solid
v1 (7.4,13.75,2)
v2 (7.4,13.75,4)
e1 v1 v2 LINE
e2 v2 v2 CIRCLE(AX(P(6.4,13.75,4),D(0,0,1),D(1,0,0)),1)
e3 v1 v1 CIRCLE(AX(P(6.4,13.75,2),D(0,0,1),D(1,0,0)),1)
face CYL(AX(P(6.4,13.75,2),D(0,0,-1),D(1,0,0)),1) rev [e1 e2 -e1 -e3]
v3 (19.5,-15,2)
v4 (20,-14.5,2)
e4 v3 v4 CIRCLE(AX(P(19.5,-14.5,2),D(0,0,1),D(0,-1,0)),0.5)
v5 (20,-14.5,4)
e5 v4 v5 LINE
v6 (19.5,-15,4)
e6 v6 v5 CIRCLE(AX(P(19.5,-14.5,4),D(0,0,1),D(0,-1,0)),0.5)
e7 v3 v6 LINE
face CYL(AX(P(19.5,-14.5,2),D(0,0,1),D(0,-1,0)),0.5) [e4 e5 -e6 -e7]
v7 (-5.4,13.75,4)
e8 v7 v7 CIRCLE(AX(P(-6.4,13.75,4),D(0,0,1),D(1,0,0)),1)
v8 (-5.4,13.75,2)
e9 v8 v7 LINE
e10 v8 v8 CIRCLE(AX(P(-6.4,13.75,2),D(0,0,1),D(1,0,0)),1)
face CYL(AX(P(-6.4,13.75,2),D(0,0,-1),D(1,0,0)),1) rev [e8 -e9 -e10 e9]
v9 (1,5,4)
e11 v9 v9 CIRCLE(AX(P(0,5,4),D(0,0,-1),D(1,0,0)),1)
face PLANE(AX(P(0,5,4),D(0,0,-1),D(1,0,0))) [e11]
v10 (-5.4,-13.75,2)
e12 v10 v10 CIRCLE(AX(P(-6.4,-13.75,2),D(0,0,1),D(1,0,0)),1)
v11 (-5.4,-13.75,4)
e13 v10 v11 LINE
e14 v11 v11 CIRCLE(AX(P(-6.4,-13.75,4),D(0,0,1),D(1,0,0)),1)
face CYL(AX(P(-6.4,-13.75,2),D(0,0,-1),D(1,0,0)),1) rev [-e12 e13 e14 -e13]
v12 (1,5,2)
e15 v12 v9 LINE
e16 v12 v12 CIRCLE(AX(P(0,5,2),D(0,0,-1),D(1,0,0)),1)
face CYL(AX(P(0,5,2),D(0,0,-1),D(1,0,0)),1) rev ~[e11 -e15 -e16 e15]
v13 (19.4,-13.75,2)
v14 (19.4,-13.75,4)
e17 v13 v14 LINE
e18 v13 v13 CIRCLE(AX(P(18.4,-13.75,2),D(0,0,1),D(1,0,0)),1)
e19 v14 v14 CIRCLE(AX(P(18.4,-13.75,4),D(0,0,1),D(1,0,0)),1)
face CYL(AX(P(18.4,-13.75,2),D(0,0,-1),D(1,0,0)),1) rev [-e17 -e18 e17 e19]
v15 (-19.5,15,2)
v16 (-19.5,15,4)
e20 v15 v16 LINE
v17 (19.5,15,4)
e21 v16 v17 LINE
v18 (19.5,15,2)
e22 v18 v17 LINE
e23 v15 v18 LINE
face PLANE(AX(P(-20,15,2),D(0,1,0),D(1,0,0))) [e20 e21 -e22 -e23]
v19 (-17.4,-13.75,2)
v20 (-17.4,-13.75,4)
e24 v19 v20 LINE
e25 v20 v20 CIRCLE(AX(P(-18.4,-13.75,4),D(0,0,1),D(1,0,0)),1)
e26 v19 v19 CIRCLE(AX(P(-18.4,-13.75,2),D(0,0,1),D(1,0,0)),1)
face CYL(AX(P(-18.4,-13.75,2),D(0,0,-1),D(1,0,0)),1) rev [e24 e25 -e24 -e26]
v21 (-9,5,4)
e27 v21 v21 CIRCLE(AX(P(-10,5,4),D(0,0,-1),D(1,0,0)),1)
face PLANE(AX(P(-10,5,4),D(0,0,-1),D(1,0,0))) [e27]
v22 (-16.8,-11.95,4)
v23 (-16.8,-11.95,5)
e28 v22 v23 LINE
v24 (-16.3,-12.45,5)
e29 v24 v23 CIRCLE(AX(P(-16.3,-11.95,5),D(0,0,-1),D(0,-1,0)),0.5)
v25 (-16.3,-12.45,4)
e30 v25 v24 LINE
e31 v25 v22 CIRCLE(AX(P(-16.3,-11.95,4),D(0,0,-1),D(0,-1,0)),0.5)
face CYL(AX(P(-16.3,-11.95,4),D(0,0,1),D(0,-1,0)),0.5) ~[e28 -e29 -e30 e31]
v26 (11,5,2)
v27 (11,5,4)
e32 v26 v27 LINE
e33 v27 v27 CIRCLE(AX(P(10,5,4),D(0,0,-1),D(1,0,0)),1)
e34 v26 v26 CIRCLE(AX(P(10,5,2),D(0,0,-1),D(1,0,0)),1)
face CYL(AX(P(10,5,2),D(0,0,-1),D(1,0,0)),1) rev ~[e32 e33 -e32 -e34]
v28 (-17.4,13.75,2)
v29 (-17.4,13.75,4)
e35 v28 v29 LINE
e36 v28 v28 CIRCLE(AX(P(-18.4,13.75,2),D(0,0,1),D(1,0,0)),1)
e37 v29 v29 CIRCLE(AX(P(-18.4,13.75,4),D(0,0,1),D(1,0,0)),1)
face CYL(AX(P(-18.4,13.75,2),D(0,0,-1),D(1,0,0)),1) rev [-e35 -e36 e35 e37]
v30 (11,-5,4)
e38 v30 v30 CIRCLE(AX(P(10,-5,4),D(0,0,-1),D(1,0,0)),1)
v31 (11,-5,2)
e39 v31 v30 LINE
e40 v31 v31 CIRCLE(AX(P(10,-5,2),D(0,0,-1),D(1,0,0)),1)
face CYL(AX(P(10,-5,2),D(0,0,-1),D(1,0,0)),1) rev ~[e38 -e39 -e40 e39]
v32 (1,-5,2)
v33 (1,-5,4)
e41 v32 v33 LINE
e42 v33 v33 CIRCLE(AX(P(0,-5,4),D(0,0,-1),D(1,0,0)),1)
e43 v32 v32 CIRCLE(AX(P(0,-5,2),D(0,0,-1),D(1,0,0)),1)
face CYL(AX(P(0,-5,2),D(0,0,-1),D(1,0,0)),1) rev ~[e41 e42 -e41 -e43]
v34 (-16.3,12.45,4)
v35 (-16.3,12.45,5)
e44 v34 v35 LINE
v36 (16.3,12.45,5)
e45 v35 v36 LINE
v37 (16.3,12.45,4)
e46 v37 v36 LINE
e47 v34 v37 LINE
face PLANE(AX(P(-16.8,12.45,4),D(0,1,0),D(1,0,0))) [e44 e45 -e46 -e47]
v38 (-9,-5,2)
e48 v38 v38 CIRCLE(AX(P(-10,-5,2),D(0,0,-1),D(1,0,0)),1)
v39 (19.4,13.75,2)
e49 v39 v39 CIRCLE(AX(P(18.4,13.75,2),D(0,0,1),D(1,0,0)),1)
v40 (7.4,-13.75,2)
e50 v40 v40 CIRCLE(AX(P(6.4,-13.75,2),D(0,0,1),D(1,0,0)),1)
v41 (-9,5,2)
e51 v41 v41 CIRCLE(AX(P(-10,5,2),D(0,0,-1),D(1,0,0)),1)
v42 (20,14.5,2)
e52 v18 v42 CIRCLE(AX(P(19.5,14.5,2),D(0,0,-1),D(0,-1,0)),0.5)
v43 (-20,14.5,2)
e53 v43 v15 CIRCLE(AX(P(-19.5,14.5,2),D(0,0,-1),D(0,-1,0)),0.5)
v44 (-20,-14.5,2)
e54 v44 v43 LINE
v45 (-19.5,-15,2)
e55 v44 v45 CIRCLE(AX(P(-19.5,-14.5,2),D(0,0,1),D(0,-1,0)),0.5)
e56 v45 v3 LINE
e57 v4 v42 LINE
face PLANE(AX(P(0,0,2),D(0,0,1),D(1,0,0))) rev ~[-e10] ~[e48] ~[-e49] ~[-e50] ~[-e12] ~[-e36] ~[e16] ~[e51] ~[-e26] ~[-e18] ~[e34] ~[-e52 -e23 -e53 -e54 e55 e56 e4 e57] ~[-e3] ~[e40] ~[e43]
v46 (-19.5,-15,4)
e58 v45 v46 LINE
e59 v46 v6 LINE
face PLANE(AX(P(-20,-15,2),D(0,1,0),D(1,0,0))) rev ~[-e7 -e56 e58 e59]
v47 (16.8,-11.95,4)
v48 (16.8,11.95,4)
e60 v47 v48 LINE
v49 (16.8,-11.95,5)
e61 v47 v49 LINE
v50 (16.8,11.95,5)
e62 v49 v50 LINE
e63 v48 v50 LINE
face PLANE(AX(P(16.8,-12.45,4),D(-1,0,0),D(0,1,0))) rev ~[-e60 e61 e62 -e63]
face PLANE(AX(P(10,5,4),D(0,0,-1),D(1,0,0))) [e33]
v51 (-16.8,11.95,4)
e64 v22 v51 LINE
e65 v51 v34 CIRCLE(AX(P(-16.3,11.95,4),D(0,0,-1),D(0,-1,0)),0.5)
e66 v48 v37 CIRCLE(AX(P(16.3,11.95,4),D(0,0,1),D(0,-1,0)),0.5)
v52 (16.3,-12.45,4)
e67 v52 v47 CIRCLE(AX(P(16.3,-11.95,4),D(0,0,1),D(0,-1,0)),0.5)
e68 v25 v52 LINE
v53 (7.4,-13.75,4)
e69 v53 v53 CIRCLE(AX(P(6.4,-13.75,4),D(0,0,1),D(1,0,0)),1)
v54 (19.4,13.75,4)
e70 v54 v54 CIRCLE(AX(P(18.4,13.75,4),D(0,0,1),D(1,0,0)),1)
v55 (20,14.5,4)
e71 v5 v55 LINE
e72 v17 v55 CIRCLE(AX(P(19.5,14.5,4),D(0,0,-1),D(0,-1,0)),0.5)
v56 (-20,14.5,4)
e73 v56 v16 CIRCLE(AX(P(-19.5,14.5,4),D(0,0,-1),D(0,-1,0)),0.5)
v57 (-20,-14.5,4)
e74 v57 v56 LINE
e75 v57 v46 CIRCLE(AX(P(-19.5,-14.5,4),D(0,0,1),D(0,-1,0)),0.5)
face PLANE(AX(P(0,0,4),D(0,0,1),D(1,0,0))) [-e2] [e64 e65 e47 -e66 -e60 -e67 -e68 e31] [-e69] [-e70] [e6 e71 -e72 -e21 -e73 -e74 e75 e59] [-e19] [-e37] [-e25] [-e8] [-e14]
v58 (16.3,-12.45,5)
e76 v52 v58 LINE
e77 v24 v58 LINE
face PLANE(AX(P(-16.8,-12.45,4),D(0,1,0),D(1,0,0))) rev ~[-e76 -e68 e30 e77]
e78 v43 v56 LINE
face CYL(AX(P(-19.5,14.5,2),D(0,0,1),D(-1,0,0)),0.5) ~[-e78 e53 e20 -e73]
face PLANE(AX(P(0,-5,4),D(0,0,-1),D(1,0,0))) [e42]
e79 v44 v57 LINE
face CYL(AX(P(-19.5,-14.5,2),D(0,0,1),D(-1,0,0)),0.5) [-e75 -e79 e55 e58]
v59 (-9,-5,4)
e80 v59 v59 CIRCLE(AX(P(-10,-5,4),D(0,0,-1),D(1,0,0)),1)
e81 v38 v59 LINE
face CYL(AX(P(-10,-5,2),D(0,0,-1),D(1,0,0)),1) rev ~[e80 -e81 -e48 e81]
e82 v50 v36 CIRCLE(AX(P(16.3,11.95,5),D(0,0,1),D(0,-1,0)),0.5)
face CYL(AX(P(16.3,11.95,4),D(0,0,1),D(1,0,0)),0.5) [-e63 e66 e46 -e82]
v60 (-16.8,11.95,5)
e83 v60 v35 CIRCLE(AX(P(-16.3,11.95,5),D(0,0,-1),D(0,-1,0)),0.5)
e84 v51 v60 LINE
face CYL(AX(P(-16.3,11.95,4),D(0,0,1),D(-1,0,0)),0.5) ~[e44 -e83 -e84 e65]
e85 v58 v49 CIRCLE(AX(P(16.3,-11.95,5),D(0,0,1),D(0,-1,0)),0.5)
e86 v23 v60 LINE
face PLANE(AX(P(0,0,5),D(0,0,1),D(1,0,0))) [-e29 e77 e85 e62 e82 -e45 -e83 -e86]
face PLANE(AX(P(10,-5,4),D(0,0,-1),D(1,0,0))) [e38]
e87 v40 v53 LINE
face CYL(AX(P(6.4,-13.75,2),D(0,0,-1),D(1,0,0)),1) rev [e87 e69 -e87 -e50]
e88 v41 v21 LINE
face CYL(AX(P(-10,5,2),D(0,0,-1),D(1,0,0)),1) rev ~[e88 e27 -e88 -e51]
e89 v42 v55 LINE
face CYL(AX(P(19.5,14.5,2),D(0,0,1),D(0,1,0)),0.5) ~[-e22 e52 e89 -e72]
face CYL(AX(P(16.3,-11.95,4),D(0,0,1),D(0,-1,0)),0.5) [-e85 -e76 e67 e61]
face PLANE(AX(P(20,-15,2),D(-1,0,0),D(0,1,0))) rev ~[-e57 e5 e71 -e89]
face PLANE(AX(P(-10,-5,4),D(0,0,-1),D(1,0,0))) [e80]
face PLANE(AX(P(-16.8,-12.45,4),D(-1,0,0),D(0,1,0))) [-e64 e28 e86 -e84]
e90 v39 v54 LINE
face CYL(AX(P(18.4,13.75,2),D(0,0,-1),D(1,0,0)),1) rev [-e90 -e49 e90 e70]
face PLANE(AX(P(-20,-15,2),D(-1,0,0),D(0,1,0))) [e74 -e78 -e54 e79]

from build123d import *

# Parameters (mm, degrees)
SKETCH_W        = 40
SKETCH_H        = 30
PAD_DEPTH       = 2
SKETCH001_W     = 33.6
SKETCH001_H     = 24.9
PAD001_DEPTH    = 1
SKETCH002_R     = 1
POCKET_DEPTH    = 2
FILLET_R        = 0.5
SKETCH003_R     = 1
POCKET001_DEPTH = 2


with BuildPart() as part:
    # Sketch → Pad (new body)
    with BuildSketch(Plane.XY.offset(2)):
        Rectangle(SKETCH_W, SKETCH_H)
    extrude(amount=PAD_DEPTH)

    # Sketch001 (on Face6 of Pad) → Pad001 (join)
    with BuildSketch(Plane.XY.offset(4)):
        Rectangle(SKETCH001_W, SKETCH001_H)
    extrude(amount=PAD001_DEPTH)

    # Sketch002 → Pocket (cut)
    with BuildSketch(Plane.XY.offset(2)):
        with Locations((-18.4, 13.75)):
            Circle(SKETCH002_R)
        with Locations((-6.4, 13.75)):
            Circle(SKETCH002_R)
        with Locations((6.4, 13.75)):
            Circle(SKETCH002_R)
        with Locations((18.4, 13.75)):
            Circle(SKETCH002_R)
        with Locations((18.4, -13.75)):
            Circle(SKETCH002_R)
        with Locations((6.4, -13.75)):
            Circle(SKETCH002_R)
        with Locations((-6.4, -13.75)):
            Circle(SKETCH002_R)
        with Locations((-18.4, -13.75)):
            Circle(SKETCH002_R)
    extrude(amount=POCKET_DEPTH, mode=Mode.SUBTRACT)

    # Fillet
    fillet_edges = [part.edges().sort_by_distance(p)[0] for p in [
        (20, 15, 3),
        (16.8, 12.45, 4.5),
        (20, -15, 3),
        (16.8, -12.45, 4.5),
        (-20, -15, 3),
        (-16.8, -12.45, 4.5),
        (-20, 15, 3),
        (-16.8, 12.45, 4.5),
    ]]
    fillet(fillet_edges, radius=FILLET_R)

    # Sketch003 (on Face2 of Fillet) → Pocket001 (cut)
    with BuildSketch(Plane(origin=(0, 0, 2), x_dir=(1, 0, 0), z_dir=(0, 0, -1))):
        with Locations((-10, 5)):
            Circle(SKETCH003_R)
        with Locations((0, 5)):
            Circle(SKETCH003_R)
        with Locations((10, 5)):
            Circle(SKETCH003_R)
        with Locations((-10, -5)):
            Circle(SKETCH003_R)
        with Locations((0, -5)):
            Circle(SKETCH003_R)
        with Locations((10, -5)):
            Circle(SKETCH003_R)
    extrude(amount=-POCKET001_DEPTH, mode=Mode.SUBTRACT)


solid = part.part
